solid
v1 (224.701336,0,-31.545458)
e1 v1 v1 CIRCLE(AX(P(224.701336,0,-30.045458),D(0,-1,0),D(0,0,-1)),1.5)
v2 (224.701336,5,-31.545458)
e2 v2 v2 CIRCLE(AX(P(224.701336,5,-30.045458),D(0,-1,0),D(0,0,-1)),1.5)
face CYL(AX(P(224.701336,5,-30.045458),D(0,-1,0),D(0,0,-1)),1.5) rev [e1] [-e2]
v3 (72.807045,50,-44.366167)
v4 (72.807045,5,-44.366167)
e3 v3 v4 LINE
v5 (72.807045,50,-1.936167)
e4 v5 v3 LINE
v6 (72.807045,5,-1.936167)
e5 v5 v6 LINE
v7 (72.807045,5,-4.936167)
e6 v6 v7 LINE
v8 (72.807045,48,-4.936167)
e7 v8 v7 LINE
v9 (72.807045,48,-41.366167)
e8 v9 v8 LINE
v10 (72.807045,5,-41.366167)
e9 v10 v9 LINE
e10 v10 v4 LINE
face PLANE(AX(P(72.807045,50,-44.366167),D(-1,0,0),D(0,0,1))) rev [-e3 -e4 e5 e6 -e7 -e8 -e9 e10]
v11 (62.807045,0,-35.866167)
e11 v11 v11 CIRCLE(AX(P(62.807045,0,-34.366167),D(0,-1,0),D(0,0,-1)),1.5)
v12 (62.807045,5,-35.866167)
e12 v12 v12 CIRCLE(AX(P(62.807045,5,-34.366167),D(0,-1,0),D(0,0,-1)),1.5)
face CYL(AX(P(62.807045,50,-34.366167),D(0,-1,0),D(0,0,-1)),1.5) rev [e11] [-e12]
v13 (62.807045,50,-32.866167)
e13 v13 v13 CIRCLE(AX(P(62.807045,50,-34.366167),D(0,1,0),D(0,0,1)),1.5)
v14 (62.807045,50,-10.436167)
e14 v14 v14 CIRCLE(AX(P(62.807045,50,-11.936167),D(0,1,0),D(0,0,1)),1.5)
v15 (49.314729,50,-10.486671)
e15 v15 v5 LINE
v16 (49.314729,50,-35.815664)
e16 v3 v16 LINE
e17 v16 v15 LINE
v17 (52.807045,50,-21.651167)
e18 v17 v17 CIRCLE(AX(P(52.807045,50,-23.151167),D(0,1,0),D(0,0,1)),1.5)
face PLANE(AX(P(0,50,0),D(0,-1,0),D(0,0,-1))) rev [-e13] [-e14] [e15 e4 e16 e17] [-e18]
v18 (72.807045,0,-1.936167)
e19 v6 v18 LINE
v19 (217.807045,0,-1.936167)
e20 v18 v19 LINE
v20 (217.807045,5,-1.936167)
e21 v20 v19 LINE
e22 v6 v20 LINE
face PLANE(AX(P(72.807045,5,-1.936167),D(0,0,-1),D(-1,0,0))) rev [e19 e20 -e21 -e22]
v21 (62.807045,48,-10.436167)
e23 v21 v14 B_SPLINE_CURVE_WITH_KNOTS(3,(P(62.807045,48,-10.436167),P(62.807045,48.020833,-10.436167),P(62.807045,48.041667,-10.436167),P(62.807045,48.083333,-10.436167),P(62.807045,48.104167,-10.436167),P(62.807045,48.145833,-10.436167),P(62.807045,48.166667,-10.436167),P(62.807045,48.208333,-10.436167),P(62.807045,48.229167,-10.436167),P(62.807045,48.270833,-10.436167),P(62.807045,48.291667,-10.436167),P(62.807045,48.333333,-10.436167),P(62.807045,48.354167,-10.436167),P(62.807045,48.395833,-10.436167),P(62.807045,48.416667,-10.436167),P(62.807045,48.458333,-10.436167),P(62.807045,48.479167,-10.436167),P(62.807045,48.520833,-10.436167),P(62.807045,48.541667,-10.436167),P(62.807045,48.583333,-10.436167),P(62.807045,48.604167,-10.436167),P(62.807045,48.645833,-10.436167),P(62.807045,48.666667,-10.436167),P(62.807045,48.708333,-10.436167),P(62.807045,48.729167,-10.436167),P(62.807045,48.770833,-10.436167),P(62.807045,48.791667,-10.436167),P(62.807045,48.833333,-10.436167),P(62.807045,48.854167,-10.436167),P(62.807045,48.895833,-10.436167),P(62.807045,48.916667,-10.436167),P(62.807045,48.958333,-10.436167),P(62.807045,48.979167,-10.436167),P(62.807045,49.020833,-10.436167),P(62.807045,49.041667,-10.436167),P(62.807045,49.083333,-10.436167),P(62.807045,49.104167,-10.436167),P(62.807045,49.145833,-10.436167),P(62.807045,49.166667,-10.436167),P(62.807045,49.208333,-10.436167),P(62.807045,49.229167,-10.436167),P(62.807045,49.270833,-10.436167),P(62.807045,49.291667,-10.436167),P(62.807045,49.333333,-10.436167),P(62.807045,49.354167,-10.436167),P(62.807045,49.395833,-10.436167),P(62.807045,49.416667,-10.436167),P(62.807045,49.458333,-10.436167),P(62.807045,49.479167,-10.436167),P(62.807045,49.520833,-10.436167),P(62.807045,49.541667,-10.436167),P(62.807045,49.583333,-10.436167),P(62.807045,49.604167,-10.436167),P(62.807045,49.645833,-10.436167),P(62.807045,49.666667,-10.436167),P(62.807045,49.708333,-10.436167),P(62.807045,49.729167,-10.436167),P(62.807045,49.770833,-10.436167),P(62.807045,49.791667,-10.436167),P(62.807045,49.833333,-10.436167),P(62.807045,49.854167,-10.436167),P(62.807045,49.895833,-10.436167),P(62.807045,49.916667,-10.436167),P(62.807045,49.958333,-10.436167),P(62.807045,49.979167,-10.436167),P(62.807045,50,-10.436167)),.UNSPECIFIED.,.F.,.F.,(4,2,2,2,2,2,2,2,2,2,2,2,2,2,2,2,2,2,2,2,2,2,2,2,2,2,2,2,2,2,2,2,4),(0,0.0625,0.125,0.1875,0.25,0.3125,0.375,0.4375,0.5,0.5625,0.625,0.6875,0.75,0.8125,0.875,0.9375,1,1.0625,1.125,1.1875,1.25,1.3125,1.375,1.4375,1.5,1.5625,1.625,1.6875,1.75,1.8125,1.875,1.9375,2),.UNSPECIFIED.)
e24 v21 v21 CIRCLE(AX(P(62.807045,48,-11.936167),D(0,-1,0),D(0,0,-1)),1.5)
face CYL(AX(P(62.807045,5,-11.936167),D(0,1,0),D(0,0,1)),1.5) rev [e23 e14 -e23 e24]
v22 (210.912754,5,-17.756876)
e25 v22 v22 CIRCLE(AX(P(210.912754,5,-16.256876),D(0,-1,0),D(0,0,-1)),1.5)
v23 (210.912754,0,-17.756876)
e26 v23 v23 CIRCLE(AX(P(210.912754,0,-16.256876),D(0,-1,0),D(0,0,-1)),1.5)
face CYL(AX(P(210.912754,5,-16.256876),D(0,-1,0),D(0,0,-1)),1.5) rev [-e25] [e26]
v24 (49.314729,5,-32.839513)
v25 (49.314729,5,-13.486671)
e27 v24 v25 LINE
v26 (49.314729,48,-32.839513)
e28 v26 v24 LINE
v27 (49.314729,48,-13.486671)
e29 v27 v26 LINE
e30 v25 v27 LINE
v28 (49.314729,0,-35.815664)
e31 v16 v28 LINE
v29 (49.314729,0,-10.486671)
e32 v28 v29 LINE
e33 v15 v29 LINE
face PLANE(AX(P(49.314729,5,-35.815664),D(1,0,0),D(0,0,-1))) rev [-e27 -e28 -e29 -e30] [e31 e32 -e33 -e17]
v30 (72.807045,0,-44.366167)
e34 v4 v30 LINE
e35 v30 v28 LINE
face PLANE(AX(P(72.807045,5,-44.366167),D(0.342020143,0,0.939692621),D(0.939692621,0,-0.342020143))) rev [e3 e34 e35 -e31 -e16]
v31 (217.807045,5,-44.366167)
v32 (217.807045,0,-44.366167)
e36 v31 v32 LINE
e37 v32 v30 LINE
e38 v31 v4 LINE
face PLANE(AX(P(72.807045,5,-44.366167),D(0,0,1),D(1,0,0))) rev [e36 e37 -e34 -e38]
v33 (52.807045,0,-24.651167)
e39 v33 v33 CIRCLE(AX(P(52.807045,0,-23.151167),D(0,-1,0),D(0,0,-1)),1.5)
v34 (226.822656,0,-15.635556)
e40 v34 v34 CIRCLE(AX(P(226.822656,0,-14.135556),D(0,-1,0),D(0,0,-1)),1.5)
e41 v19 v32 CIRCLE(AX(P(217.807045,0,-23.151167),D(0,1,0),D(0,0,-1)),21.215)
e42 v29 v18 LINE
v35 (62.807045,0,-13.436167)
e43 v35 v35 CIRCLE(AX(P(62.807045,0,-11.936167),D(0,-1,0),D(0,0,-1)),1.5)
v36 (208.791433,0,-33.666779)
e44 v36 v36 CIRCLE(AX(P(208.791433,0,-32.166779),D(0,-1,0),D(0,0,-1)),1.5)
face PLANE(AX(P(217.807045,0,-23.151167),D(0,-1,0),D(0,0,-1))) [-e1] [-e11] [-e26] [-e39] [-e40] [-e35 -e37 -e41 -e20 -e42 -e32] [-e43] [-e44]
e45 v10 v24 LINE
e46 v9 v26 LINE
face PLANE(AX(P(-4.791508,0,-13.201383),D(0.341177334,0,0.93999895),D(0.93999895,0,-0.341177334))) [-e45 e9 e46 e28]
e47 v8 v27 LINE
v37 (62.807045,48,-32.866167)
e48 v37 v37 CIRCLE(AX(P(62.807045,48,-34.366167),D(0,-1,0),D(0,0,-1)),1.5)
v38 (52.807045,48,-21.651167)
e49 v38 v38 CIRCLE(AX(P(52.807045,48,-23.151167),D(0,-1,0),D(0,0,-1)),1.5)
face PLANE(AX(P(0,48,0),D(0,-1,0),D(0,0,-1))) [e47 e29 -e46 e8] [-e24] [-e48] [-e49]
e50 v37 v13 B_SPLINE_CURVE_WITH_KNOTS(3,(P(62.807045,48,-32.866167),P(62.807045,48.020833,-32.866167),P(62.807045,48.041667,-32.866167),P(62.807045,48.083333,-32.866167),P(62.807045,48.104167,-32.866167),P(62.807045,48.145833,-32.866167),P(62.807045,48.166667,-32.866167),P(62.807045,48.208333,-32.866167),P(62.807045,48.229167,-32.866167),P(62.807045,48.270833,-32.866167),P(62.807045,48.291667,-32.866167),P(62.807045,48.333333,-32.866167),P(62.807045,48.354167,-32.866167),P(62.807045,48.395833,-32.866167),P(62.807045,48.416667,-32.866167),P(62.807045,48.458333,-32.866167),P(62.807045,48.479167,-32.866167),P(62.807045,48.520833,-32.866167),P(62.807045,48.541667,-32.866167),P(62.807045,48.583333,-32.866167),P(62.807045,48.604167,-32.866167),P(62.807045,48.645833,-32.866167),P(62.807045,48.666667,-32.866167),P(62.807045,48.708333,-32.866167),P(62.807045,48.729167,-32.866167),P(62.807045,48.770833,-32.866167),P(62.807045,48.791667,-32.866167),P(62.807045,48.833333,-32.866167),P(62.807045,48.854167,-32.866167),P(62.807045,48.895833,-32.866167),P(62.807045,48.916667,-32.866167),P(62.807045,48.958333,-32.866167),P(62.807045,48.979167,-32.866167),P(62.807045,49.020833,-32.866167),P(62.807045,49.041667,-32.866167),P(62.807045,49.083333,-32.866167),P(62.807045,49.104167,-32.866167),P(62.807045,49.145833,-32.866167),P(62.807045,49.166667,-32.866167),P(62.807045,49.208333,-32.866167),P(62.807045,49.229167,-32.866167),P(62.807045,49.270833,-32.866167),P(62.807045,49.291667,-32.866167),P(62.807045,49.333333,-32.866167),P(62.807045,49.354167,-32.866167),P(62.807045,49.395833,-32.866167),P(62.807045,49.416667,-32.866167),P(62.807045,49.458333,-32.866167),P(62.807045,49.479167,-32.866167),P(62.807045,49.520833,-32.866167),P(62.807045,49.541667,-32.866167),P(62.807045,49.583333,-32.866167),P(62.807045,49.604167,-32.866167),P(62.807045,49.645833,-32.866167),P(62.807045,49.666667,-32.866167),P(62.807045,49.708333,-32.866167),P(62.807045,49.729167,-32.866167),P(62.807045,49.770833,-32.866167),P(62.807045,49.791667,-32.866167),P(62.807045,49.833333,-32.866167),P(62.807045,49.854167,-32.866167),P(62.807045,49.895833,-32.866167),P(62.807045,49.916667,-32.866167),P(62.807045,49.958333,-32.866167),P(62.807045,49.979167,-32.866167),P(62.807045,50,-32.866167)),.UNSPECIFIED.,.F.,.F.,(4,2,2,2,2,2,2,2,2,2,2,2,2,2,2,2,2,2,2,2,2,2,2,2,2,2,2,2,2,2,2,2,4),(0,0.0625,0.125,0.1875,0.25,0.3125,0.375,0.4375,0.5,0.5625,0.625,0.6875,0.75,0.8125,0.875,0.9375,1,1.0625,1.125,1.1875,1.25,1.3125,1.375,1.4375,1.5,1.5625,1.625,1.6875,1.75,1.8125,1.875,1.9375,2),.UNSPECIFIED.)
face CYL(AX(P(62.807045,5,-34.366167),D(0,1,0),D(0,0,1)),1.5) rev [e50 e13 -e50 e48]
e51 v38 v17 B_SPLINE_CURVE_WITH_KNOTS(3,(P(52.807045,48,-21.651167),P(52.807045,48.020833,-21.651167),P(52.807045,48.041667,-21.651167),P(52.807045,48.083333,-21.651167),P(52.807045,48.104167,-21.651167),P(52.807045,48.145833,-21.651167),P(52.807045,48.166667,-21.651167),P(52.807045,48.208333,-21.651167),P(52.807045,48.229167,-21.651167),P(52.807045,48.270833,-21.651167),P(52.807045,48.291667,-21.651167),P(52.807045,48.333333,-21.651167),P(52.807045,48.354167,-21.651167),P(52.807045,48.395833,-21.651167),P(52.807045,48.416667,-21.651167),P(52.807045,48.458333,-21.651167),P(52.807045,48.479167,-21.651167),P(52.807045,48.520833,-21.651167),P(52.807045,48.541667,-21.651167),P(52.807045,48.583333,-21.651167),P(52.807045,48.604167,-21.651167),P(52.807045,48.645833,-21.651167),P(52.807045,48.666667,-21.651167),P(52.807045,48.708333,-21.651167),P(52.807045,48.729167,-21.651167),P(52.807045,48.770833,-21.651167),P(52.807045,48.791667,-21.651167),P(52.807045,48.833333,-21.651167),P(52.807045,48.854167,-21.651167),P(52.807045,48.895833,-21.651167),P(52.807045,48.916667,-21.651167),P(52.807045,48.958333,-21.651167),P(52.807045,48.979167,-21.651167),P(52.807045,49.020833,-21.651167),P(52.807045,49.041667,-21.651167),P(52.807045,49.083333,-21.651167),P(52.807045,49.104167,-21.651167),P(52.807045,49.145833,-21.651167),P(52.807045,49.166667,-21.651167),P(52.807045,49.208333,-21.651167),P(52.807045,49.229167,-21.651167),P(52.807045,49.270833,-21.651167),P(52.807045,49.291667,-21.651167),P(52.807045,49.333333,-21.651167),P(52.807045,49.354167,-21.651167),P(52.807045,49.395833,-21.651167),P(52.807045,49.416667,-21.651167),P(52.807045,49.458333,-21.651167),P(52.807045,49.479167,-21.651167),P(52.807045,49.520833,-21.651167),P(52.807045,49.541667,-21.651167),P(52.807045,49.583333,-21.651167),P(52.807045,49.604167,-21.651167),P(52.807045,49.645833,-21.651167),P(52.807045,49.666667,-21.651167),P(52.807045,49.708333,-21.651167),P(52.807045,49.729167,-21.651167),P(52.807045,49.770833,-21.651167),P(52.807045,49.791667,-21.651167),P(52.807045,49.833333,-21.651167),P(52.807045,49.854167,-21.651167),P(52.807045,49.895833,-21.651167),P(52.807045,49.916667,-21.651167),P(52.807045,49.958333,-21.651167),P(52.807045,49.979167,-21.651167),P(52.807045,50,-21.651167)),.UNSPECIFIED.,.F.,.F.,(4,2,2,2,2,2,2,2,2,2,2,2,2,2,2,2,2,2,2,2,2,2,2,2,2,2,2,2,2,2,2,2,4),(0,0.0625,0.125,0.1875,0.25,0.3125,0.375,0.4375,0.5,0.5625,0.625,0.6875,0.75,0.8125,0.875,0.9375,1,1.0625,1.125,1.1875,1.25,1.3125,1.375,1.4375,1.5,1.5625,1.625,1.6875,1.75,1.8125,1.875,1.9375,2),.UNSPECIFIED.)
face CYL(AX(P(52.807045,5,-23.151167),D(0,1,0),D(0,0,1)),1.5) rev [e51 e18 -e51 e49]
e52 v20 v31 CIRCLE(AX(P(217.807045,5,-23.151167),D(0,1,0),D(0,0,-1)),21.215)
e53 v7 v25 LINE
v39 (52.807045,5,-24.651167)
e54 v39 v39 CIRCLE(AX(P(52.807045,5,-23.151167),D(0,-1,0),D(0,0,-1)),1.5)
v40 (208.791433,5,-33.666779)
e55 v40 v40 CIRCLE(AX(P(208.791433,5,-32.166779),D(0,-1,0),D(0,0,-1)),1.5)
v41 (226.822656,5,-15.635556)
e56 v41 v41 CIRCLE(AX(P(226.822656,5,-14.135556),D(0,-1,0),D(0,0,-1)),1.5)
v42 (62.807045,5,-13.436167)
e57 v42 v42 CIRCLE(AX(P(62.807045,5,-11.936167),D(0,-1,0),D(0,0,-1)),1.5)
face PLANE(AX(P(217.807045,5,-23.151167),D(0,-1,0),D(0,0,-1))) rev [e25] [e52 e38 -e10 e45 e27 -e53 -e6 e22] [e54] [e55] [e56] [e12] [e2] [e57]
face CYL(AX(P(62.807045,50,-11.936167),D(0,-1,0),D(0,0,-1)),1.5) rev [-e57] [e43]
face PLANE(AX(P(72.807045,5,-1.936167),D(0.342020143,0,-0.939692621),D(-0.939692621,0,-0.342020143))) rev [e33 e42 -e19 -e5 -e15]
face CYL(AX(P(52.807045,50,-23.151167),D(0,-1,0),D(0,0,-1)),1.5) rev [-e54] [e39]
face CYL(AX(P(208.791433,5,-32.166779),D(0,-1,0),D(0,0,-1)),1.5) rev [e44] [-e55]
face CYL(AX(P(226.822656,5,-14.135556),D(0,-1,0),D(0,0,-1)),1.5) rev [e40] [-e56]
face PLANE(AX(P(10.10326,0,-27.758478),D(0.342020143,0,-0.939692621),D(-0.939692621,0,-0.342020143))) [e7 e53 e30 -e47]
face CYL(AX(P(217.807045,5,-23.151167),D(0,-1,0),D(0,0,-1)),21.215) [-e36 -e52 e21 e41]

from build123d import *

# Parameters (mm, degrees)
EXTRUDE_1_DEPTH     = 5
SKETCH_3_R          = 1.5
CUT_EXTRUDE_1_DEPTH = 5
SKETCH_4_R          = 1.5
CUT_EXTRUDE_2_DEPTH = 50
EXTRUDE_2_DEPTH     = 45
CUT_EXTRUDE_START   = -45
SKETCH_8_R          = 1.5
CUT_EXTRUDE_3_DEPTH = 45


with BuildPart() as part:
    # 草图1 → 凸台-拉伸1 (new body)
    with BuildSketch(Plane(origin=(0, 0, 0), x_dir=(1, 0, 0), z_dir=(0, 1, 0))):
        with BuildLine():
            Line((72.807044649, 44.366167138), (49.314729129, 35.815663555))
            Line((49.314729129, 35.815663555), (49.314729129, 10.486670722))
            Line((49.314729129, 10.486670722), (72.807044649, 1.936167138))
            Line((72.807044649, 1.936167138), (217.807044649, 1.936167138))
            ThreePointArc((217.807044649, 1.936167138), (239.022044649, 23.151167138), (217.807044649, 44.366167138))
            Line((217.807044649, 44.366167138), (72.807044649, 44.366167138))
        make_face()
    extrude(amount=EXTRUDE_1_DEPTH)

    # 草图3 → 切除-拉伸1 (cut)
    with BuildSketch(Plane.XZ):
        with Locations(Location((226.822656109, -14.135555678, 0), (0, 0, 270))):
            Circle(SKETCH_3_R)
        with Locations(Location((224.701335766, -30.045458255, 0), (0, 0, 270))):
            Circle(SKETCH_3_R)
        with Locations(Location((208.791433189, -32.166778599, 0), (0, 0, 270))):
            Circle(SKETCH_3_R)
        with Locations(Location((210.912753532, -16.256876022, 0), (0, 0, 270))):
            Circle(SKETCH_3_R)
    extrude(amount=-CUT_EXTRUDE_1_DEPTH, mode=Mode.SUBTRACT)

    # 草图4 → 切除-拉伸2 (cut)
    with BuildSketch(Plane.XZ):
        with Locations(Location((62.807044649, -11.936167138, 0), (0, 0, 270))):
            Circle(SKETCH_4_R)
        with Locations(Location((52.807044649, -23.151167138, 0), (0, 0, 270))):
            Circle(SKETCH_4_R)
        with Locations(Location((62.807044649, -34.366167138, 0), (0, 0, 270))):
            Circle(SKETCH_4_R)
    extrude(amount=-CUT_EXTRUDE_2_DEPTH, mode=Mode.SUBTRACT)

    # 草图5 → 凸台-拉伸2 (add)
    with BuildSketch(Plane(origin=(0, 5, 0), x_dir=(1, 0, 0), z_dir=(0, 1, 0))):
        Polygon((72.807044649, 44.366167138), (72.807044649, 1.936167138), (49.314729129, 10.486670722), (49.314729129, 35.815663555), align=None)
    extrude(amount=EXTRUDE_2_DEPTH)

    # 草图6 → 切除-放样1 section 0
    with BuildSketch(Plane(origin=(72.807044649, 0, 0), x_dir=(0, 0, -1), z_dir=(1, 0, 0))):
        with BuildLine():
            Line((4.936167138, 5), (4.936167138, 48))
            Line((4.936167138, 48), (41.366167138, 48))
            Line((41.366167138, 48), (41.366167138, 5))
            Line((41.366167138, 5), (4.936167138, 5))
        make_face()
    # 草图7 → 切除-放样1 section 1
    with BuildSketch(Plane.ZY.offset(-49.314729129)):
        with BuildLine():
            Line((-32.839513374, 48), (-32.839513374, 5))
            Line((-32.839513374, 5), (-13.486670722, 5))
            Line((-13.486670722, 5), (-13.486670722, 48))
            Line((-13.486670722, 48), (-32.839513374, 48))
        make_face()
    loft(mode=Mode.SUBTRACT)

    # 草图8 → 切除-拉伸3 (cut)
    with BuildSketch(Plane(origin=(0, 50, 0), x_dir=(1, 0, 0), z_dir=(0, 1, 0)).offset(CUT_EXTRUDE_START)):
        with Locations(Location((62.807044649, 34.366167138, 0), (0, 0, 90))):
            Circle(SKETCH_8_R)
        with Locations(Location((52.807044649, 23.151167138, 0), (0, 0, 90))):
            Circle(SKETCH_8_R)
        with Locations(Location((62.807044649, 11.936167138, 0), (0, 0, 90))):
            Circle(SKETCH_8_R)
    extrude(amount=CUT_EXTRUDE_3_DEPTH, mode=Mode.SUBTRACT)


solid = part.part
